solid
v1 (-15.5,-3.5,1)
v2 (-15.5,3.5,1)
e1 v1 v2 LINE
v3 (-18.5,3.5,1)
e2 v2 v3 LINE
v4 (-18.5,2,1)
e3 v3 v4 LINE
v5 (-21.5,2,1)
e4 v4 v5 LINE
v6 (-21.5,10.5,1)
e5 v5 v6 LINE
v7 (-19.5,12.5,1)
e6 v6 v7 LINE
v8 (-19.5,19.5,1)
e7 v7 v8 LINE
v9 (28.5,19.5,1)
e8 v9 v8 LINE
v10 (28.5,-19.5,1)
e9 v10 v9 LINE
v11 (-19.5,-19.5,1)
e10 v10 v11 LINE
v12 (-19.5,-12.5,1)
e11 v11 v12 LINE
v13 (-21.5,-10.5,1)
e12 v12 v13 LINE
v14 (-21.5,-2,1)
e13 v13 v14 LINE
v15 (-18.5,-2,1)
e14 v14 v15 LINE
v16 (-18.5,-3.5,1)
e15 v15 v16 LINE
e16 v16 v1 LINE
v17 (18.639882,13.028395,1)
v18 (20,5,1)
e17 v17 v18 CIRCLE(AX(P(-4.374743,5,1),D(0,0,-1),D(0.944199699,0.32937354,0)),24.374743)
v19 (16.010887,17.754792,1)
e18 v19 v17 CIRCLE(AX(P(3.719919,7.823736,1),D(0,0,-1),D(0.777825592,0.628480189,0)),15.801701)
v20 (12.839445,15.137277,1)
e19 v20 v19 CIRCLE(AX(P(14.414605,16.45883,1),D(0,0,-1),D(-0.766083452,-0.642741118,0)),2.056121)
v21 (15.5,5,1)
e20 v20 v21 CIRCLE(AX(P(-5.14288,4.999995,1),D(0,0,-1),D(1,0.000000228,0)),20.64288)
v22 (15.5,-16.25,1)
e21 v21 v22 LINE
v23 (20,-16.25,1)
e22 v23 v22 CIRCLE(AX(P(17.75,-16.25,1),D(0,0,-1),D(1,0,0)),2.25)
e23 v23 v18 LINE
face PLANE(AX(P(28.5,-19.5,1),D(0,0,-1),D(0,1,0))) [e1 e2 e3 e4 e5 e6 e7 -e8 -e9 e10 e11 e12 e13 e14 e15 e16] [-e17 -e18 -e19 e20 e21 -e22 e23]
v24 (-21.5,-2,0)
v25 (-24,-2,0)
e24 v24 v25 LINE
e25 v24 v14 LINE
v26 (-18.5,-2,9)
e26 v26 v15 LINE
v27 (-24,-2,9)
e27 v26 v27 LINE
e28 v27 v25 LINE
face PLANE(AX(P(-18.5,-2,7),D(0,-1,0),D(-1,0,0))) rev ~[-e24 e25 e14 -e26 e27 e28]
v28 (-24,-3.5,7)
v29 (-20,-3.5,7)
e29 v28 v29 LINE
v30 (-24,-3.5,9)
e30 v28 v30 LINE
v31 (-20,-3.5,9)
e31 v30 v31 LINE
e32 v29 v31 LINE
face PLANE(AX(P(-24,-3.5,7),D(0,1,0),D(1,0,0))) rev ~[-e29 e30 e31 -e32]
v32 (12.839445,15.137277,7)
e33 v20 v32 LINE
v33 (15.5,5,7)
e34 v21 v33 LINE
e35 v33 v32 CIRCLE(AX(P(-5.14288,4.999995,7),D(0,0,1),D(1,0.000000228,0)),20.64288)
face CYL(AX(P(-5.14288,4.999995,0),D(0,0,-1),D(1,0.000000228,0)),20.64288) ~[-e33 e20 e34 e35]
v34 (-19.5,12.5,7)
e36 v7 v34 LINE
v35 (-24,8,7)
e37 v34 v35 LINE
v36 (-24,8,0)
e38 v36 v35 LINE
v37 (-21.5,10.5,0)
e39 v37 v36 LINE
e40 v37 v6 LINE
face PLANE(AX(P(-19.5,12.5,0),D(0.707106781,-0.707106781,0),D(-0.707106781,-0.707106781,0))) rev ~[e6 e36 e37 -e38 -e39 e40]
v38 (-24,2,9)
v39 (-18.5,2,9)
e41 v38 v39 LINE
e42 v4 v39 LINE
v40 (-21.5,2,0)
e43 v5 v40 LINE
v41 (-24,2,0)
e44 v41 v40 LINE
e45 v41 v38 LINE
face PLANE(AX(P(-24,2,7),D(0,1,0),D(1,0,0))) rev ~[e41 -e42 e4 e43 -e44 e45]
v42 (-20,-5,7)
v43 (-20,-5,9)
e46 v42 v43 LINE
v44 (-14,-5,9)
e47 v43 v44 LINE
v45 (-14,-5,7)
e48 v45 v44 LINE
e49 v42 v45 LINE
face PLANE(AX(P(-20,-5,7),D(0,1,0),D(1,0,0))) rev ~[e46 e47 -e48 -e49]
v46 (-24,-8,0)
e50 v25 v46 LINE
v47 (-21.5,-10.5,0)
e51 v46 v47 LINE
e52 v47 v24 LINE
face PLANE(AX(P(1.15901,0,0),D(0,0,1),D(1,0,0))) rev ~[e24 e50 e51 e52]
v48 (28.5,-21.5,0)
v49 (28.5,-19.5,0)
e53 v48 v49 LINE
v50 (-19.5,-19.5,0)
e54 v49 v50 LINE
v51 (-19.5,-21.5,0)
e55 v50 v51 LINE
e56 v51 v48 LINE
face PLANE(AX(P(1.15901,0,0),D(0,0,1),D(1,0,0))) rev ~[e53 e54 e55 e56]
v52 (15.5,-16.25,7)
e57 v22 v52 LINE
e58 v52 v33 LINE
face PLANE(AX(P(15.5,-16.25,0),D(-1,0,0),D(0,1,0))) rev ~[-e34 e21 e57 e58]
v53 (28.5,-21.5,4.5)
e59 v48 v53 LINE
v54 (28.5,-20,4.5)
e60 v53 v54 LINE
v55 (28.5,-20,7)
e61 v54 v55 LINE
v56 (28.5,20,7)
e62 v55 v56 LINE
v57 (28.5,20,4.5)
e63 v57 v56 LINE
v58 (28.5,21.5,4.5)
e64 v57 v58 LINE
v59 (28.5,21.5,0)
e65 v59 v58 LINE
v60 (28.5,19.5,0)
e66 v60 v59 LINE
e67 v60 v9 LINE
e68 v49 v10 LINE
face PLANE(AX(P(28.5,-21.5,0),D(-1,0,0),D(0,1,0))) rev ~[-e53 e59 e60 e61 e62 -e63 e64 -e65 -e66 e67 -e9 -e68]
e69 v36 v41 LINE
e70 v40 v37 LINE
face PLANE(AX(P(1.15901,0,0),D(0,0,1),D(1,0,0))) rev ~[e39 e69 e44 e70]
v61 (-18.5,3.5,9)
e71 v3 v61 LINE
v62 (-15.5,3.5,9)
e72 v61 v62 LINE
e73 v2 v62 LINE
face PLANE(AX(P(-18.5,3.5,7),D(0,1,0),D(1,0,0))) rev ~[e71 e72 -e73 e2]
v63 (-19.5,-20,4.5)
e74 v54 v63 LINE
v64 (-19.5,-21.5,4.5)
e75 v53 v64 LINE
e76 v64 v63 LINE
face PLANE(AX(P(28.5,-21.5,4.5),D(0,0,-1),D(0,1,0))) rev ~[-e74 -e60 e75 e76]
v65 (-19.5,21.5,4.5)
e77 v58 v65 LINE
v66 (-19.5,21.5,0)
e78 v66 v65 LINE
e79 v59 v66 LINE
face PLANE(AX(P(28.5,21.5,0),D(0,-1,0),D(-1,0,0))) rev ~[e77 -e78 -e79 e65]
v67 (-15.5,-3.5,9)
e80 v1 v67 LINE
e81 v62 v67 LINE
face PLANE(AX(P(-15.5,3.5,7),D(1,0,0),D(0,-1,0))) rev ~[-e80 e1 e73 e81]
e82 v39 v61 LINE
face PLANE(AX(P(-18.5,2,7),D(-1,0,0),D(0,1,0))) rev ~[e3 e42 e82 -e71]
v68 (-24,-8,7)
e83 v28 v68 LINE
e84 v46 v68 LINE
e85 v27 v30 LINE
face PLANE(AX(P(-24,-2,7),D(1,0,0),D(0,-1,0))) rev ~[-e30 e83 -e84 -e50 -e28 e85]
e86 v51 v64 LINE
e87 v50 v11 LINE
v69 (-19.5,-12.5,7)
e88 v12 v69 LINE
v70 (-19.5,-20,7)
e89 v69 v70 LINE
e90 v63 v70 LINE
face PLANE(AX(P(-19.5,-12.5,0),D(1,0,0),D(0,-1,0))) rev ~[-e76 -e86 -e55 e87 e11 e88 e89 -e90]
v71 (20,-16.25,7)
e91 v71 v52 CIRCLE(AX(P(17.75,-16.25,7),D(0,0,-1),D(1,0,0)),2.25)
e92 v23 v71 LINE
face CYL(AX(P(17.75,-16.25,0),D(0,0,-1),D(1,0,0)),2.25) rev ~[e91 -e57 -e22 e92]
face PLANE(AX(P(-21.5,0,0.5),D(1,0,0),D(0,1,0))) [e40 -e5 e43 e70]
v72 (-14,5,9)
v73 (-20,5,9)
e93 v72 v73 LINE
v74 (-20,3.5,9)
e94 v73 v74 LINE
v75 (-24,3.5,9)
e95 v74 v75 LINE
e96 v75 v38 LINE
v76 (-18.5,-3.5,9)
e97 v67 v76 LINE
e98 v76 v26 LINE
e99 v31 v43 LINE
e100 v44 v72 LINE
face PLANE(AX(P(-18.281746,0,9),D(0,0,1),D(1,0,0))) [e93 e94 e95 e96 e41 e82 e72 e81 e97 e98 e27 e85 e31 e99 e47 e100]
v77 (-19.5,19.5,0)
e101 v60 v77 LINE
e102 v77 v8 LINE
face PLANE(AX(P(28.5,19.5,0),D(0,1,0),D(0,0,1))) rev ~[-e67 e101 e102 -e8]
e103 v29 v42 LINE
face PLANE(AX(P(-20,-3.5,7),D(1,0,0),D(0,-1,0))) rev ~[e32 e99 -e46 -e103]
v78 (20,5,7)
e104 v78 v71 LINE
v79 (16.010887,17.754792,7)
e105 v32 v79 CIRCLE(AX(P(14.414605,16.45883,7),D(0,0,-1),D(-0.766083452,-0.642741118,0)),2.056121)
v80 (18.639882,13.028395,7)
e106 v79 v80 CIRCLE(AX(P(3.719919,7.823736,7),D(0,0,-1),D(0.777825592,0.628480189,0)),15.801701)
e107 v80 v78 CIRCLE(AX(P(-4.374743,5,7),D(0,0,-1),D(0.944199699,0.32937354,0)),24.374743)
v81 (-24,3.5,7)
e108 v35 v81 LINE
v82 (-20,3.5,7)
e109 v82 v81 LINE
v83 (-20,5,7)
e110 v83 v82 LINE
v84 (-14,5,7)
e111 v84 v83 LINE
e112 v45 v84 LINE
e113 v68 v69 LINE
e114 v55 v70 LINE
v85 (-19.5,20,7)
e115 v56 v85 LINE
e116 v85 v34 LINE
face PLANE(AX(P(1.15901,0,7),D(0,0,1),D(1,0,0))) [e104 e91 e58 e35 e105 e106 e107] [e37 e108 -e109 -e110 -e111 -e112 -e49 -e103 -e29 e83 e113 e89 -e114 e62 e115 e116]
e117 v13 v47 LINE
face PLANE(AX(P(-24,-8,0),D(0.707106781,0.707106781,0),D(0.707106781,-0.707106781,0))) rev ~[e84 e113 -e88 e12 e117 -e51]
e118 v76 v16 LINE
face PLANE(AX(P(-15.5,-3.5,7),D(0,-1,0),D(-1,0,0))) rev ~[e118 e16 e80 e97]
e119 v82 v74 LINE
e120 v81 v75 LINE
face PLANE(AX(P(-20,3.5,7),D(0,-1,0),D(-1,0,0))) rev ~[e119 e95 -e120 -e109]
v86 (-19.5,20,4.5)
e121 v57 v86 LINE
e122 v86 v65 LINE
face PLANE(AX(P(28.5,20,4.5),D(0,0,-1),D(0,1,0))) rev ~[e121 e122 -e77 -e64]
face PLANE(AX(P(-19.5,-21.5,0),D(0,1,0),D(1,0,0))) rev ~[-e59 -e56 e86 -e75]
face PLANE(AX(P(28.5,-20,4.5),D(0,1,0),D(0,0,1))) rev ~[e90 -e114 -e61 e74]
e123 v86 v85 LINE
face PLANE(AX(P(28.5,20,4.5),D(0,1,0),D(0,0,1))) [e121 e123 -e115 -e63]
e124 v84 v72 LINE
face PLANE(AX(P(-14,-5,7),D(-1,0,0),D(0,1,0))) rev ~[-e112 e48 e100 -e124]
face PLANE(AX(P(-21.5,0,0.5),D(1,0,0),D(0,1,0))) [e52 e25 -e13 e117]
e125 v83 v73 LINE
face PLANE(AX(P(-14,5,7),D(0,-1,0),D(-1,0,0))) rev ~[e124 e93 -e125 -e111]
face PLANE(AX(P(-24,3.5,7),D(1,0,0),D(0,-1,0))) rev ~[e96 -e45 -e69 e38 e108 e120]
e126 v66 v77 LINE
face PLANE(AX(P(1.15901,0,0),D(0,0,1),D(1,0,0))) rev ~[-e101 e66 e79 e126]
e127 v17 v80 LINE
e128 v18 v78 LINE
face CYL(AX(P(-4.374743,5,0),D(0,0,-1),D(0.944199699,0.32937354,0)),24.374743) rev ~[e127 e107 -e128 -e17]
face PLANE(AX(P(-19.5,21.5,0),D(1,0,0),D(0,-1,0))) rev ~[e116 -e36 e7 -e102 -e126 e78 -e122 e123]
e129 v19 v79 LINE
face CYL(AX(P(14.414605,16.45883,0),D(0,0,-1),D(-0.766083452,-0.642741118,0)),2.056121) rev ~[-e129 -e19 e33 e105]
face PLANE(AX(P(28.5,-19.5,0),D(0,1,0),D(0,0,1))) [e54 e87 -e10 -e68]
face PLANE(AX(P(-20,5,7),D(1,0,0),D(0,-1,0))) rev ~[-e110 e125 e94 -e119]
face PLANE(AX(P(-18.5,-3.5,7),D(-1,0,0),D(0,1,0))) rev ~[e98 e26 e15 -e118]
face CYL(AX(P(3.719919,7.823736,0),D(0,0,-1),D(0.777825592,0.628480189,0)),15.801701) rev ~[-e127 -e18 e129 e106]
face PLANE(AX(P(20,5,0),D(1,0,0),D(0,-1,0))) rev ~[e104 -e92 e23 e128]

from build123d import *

# Parameters (mm, degrees)
F1_DEPTH = 7
F2_W     = 39
F2_H     = 1
F3_DEPTH = 50
F5_DEPTH = 2
F6_W     = 1.5
F6_H     = 2.5
F7_DEPTH = 50


with BuildPart() as f1:
    # F0 (on Top) → F1 (new body)
    with BuildSketch(Plane.XY):
        Polygon((-19.5, -21.5), (28.5, -21.5), (28.5, 21.5), (-19.5, 21.5), (-19.5, 12.5), (-24, 8), (-24, 2), (-18.5, 2), (-18.5, 3.5), (-15.5, 3.5), (-15.5, 2), (-15.5, 0), (-15.5, -2), (-15.5, -3.5), (-18.5, -3.5), (-18.5, -2), (-24, -2), (-24, -8), (-19.5, -12.5), align=None)
        with BuildLine():
            Line((20, 5), (20, -14))
            Line((20, -14), (20, -16.25))
            ThreePointArc((20, -16.25), (17.75, -18.5), (15.5, -16.25))
            Line((15.5, -16.25), (15.5, -14))
            Line((15.5, -14), (15.5, 5))
            ThreePointArc((15.5, 5), (14.823785, 10.240299), (12.839445, 15.137277))
            ThreePointArc((12.839445, 15.137277), (13.105805, 18.044603), (16.010887, 17.754792))
            ThreePointArc((16.010887, 17.754792), (17.529097, 15.504906), (18.639882, 13.028395))
            ThreePointArc((18.639882, 13.028395), (19.657565, 9.071396), (20, 5))
        make_face(mode=Mode.SUBTRACT)
    extrude(amount=F1_DEPTH)

    # F2 (on face) → F3 (cut)
    with BuildSketch(Plane.YZ.offset(28.5)):
        with Locations((0, 0.5)):
            Rectangle(F2_W, F2_H)
    extrude(amount=-F3_DEPTH, mode=Mode.SUBTRACT)

    # F4 (on face) → F5 (join)
    with BuildSketch(Plane.XY.offset(7)):
        Polygon((-24, -2), (-24, -3.5), (-20, -3.5), (-20, -5), (-14, -5), (-14, 5), (-20, 5), (-20, 3.5), (-24, 3.5), (-24, 2), (-18.5, 2), (-18.5, 3.5), (-15.5, 3.5), (-15.5, -3.5), (-18.5, -3.5), (-18.5, -2), align=None)
    extrude(amount=F5_DEPTH)

    # F6 (on face) → F7 (cut)
    with BuildSketch(Plane.YZ.offset(28.5)):
        with Locations((-20.75, 5.75)):
            Rectangle(F6_W, F6_H)
        with Locations((20.75, 5.75)):
            Rectangle(F6_W, F6_H)
    extrude(amount=-F7_DEPTH, mode=Mode.SUBTRACT)


solid = f1.part
